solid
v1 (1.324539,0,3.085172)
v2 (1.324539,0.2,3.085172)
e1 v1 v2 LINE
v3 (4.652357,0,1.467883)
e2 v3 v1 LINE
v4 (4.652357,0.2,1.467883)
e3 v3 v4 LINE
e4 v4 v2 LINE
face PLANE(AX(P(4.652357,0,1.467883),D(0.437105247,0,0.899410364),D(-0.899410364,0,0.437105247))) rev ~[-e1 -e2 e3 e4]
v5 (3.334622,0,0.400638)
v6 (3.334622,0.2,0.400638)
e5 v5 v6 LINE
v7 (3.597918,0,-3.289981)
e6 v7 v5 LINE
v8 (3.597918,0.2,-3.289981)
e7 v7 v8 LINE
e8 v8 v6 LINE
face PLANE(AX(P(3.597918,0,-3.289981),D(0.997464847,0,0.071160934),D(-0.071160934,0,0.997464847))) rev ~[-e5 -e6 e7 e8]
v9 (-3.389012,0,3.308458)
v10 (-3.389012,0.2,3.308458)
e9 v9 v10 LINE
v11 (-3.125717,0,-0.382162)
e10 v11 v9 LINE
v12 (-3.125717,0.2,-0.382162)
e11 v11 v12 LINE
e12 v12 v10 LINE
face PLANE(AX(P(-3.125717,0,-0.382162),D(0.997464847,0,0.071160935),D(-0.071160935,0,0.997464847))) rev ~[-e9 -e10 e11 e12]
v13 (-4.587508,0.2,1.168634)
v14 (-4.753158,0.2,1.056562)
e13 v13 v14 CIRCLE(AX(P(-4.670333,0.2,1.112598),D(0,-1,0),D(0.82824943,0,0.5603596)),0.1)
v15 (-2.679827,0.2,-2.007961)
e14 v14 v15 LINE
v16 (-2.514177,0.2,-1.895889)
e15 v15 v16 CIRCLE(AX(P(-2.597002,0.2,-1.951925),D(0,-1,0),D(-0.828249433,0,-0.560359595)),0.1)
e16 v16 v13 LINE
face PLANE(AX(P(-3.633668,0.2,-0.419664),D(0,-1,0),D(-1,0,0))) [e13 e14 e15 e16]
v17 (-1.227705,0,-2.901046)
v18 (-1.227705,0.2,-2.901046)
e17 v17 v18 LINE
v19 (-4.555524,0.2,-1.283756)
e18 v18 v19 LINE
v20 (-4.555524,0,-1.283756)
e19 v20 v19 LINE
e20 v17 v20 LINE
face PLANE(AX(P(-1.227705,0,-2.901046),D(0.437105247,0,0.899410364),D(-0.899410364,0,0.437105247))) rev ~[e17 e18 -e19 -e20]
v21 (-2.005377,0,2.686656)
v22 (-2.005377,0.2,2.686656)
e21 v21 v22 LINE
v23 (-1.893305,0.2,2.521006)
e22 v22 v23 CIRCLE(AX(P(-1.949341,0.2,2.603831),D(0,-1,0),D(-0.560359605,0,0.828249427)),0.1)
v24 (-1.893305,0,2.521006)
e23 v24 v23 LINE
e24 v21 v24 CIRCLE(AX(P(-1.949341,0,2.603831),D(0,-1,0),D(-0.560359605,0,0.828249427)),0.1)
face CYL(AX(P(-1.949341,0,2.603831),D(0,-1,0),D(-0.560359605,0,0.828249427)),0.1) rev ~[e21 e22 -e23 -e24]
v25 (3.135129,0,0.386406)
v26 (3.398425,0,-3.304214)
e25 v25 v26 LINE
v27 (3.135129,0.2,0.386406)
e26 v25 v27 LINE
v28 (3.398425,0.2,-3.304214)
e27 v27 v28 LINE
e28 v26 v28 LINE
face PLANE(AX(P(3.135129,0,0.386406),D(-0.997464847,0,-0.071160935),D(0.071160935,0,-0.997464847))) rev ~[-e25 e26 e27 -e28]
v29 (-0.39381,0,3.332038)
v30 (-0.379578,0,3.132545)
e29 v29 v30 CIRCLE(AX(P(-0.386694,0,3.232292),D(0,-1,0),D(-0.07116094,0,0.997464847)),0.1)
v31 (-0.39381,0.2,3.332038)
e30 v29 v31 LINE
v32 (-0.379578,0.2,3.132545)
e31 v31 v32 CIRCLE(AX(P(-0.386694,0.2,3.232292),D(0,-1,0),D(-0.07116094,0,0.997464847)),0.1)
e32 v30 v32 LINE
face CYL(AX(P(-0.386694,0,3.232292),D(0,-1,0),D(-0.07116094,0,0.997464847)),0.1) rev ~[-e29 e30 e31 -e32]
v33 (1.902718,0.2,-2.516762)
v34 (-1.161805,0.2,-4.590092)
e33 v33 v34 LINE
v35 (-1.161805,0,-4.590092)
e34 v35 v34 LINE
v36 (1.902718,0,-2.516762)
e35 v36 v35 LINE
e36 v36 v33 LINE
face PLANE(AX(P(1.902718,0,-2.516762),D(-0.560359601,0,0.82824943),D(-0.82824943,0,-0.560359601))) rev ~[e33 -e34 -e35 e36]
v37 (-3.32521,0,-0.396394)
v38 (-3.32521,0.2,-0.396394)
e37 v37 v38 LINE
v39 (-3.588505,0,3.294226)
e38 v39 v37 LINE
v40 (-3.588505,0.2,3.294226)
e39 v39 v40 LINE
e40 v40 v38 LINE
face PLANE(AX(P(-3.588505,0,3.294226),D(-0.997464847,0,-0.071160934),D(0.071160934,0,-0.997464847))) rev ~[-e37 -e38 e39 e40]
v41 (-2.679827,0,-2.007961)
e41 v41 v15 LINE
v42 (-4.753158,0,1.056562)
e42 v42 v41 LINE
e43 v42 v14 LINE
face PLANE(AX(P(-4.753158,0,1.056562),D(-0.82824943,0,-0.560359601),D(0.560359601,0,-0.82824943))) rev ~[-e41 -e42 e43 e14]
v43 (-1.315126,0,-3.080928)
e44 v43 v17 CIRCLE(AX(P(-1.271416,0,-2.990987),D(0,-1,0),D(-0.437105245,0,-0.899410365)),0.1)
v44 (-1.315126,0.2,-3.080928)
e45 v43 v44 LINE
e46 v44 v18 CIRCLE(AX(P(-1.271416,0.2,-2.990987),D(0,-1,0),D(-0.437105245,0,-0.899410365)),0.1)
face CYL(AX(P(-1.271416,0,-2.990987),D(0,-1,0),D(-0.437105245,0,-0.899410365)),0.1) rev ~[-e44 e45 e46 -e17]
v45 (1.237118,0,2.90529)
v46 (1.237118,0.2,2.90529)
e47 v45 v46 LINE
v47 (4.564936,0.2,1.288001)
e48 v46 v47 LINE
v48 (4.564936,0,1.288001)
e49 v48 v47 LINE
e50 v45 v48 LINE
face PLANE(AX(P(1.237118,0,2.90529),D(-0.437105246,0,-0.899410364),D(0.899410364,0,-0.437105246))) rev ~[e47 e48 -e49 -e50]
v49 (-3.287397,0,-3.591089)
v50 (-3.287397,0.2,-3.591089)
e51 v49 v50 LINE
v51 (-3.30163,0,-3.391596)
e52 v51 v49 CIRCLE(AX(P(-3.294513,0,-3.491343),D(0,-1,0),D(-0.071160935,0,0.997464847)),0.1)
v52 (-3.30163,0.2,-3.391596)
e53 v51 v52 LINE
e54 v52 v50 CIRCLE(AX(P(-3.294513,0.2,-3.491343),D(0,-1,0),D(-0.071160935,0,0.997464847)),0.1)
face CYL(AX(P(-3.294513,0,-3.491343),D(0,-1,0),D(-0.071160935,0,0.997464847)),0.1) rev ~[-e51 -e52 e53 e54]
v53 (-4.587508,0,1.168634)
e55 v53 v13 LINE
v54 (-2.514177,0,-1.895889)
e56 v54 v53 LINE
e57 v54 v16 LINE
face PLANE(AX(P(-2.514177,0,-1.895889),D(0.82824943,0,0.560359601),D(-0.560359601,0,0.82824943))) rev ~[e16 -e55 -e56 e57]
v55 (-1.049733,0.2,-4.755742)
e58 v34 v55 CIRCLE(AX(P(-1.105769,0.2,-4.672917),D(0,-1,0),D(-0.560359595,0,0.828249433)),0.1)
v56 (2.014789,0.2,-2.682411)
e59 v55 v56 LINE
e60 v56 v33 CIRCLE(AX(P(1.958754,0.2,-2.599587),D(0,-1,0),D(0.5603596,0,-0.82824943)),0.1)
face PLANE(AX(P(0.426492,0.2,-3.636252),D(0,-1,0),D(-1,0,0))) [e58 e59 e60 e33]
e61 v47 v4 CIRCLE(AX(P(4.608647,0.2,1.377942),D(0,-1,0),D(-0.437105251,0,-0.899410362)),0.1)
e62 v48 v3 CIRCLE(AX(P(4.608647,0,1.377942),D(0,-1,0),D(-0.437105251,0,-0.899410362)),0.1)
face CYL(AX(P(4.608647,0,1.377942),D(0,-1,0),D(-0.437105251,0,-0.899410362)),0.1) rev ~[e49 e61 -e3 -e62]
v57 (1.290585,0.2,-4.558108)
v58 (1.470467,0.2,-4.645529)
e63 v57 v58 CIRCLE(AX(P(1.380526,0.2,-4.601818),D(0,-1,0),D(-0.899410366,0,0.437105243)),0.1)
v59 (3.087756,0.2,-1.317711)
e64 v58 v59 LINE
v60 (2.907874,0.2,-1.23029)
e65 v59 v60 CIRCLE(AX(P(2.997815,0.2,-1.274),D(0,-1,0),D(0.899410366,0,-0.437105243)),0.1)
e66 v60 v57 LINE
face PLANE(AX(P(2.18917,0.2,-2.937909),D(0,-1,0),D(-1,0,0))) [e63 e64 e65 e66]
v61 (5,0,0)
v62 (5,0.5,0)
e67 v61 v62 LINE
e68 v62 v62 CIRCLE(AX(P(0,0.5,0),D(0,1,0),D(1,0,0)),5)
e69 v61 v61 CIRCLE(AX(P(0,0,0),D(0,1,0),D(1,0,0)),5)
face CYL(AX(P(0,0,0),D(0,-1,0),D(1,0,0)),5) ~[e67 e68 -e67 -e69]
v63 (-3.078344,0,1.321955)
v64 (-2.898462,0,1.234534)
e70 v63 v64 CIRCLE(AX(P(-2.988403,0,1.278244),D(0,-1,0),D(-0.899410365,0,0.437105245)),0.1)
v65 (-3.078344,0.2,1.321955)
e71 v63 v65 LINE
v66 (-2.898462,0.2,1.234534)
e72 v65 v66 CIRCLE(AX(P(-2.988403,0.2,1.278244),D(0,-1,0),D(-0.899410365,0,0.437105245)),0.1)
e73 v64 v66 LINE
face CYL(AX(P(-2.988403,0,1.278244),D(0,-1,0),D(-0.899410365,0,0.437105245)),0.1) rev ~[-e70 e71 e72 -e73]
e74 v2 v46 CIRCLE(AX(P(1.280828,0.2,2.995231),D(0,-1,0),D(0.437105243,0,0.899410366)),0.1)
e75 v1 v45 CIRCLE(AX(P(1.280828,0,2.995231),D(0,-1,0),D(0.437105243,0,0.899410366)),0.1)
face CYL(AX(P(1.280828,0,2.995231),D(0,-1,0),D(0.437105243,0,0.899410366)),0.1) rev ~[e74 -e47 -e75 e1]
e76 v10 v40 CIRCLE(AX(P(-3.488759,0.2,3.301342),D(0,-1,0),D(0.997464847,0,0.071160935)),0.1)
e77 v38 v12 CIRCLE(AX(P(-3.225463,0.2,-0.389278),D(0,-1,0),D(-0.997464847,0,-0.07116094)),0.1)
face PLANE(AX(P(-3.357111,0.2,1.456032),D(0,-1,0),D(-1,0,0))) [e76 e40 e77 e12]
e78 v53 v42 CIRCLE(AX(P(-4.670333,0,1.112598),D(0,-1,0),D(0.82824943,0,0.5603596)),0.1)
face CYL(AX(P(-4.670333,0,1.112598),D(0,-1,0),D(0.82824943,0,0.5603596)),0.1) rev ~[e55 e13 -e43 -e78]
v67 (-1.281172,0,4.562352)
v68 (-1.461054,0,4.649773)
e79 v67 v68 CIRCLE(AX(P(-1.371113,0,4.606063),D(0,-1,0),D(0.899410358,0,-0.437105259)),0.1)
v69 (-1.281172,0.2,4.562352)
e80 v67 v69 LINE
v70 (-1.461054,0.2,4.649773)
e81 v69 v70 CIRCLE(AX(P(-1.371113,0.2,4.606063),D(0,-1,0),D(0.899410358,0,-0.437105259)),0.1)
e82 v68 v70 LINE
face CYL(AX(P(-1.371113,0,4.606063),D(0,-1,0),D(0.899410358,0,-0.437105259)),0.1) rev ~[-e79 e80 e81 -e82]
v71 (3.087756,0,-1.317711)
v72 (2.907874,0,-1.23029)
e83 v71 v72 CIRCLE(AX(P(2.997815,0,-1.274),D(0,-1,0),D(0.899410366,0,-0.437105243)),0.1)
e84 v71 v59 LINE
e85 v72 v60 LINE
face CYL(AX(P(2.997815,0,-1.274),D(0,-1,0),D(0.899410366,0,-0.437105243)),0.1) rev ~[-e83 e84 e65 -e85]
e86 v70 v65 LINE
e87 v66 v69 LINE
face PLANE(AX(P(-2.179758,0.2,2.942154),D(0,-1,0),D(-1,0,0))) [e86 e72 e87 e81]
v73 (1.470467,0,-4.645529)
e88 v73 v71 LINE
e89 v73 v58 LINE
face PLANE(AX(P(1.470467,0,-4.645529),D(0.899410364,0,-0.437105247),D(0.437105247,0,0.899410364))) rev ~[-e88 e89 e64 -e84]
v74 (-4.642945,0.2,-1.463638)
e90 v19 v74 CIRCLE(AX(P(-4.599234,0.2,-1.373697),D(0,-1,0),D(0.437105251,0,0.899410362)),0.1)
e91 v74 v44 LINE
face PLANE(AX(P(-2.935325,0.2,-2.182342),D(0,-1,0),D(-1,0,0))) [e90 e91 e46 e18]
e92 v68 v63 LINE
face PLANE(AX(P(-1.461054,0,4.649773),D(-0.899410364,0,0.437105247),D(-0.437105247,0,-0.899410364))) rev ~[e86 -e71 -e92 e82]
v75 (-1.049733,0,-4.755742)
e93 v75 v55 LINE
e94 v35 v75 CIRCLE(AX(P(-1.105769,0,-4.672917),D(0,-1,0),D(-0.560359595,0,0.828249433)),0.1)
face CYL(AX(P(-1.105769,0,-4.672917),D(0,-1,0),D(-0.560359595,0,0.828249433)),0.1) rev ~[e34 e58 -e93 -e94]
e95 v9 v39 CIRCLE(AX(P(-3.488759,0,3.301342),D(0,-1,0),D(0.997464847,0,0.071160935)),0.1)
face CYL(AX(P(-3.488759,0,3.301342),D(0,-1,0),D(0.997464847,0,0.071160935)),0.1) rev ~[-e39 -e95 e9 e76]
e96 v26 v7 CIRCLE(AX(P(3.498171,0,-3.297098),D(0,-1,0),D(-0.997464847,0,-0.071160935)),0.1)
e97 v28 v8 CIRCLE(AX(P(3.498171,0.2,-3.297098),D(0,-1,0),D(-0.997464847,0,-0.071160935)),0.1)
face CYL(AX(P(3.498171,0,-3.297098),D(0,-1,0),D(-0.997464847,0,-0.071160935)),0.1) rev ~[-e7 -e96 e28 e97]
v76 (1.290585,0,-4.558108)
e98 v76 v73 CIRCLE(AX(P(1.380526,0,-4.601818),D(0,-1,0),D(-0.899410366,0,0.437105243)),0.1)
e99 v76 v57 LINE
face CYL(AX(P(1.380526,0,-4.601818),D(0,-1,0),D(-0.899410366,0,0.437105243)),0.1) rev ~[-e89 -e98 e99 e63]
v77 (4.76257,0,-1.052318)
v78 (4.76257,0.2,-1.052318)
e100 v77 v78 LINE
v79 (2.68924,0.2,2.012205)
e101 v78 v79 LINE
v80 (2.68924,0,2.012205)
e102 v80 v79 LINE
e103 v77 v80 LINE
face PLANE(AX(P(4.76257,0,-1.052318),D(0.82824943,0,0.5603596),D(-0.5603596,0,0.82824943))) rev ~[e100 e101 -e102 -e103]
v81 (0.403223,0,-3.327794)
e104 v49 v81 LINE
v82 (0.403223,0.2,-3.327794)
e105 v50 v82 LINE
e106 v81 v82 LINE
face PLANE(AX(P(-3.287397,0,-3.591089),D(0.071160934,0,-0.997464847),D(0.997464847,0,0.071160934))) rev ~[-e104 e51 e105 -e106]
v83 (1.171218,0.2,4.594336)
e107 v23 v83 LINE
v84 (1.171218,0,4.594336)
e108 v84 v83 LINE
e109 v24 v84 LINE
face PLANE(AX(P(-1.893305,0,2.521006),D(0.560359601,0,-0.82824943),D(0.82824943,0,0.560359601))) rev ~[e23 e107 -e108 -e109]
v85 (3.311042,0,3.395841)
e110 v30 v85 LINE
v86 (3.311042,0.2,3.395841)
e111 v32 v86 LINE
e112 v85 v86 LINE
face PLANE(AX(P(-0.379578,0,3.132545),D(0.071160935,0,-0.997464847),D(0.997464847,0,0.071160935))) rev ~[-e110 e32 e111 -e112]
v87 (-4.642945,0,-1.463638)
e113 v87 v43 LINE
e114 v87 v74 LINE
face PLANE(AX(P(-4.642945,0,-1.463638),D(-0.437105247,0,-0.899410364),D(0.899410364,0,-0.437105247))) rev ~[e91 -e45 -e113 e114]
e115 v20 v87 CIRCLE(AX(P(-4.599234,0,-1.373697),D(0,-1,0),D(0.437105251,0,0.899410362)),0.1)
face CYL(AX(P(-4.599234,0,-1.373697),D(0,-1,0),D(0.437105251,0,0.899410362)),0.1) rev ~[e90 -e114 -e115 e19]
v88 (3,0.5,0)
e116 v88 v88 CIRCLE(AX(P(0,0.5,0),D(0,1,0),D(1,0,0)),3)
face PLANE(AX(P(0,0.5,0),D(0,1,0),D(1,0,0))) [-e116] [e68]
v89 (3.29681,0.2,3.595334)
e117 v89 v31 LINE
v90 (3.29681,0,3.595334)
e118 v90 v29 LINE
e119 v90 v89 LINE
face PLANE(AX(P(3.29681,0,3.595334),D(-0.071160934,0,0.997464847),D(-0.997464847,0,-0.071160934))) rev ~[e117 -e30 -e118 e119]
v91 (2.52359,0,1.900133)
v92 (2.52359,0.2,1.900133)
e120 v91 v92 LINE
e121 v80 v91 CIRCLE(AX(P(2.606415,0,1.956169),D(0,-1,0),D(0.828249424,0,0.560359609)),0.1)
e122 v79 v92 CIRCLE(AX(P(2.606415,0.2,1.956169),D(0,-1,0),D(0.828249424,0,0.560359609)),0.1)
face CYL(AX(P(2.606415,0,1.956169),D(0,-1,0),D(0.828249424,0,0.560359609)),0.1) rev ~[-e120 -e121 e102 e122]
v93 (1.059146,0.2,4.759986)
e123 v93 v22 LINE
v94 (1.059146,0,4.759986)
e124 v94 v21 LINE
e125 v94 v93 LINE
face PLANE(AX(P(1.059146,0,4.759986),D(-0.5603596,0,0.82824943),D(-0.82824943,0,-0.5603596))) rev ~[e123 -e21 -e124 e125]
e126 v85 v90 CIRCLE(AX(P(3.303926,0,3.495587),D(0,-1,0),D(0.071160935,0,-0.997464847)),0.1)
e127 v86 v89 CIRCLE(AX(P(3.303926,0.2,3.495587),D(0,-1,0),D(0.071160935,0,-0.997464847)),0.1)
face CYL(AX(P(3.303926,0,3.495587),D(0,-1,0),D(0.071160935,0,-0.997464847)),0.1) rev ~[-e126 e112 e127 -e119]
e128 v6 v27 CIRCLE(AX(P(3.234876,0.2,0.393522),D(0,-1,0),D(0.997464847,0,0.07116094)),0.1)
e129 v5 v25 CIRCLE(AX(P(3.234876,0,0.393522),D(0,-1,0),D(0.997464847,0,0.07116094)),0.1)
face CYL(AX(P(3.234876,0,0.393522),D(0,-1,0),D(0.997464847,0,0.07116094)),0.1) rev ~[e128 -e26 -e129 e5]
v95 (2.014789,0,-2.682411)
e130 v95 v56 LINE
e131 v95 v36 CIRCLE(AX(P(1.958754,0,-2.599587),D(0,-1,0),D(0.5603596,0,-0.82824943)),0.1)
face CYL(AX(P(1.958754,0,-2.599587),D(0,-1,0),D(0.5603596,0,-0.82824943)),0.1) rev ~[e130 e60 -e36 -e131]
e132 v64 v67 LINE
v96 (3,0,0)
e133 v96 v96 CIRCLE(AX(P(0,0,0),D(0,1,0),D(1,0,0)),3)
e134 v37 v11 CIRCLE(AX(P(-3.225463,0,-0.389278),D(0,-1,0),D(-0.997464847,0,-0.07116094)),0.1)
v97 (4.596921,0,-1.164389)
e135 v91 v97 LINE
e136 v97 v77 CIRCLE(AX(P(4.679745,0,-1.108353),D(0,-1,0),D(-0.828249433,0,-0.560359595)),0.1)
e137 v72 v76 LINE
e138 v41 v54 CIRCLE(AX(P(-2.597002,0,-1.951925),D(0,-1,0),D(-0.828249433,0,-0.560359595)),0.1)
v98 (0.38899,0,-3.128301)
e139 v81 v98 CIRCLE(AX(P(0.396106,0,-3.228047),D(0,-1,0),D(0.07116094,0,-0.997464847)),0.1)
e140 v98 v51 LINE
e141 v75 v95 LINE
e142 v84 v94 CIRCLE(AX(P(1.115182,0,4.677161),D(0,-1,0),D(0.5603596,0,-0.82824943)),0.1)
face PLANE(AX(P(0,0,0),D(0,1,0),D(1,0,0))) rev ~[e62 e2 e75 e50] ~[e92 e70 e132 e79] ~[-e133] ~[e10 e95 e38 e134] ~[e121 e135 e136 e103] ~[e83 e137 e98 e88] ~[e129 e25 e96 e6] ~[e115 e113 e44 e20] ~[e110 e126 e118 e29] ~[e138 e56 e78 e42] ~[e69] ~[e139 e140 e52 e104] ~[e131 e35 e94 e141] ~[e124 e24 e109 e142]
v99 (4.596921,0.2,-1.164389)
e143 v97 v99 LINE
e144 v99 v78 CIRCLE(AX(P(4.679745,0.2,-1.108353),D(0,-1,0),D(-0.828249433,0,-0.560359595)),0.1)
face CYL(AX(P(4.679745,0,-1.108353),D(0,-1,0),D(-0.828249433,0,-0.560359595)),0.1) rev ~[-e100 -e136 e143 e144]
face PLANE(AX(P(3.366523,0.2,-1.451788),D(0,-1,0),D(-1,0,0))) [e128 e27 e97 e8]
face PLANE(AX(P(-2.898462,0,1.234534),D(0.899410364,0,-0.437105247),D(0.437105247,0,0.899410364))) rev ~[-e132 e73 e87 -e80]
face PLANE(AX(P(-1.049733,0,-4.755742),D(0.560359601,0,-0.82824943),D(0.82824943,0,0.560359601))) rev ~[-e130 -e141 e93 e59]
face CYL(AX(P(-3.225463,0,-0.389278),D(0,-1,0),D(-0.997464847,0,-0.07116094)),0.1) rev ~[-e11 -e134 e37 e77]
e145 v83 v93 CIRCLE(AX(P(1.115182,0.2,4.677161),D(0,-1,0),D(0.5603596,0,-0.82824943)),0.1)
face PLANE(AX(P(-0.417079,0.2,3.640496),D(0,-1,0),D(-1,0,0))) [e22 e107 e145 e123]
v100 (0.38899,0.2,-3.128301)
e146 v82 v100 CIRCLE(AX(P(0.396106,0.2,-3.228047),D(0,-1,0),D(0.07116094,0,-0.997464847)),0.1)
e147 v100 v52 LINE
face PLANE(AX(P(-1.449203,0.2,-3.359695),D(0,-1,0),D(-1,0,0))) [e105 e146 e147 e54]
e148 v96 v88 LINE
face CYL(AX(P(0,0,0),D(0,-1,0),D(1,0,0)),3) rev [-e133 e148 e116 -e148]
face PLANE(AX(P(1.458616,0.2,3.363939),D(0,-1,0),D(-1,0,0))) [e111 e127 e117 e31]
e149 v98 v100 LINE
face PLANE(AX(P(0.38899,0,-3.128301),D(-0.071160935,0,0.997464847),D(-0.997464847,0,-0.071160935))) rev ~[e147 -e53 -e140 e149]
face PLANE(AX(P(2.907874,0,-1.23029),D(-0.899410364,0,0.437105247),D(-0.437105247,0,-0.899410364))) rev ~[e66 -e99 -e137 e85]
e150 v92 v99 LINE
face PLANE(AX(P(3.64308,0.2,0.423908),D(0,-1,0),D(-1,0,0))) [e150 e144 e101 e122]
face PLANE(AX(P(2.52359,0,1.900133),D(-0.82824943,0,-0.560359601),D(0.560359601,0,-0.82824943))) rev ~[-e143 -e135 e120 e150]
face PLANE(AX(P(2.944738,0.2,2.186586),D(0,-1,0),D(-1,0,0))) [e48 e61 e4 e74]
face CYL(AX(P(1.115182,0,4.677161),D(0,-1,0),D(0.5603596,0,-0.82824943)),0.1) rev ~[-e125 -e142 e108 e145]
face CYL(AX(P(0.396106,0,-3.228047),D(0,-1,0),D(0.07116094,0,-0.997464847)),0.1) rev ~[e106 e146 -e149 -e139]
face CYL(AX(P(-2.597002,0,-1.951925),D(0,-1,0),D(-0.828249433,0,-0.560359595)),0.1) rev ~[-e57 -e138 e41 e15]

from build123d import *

# Parameters (mm, degrees)
SKETCH1_R           = 5
SKETCH1_R_2         = 3
BOSS_EXTRUDE2_DEPTH = 0.5
CUT_EXTRUDE5_DEPTH  = 0.2


with BuildPart() as part:
    # Sketch1 → Boss-Extrude2 (new body)
    with BuildSketch(Plane(origin=(0, 0, 0), x_dir=(1, 0, 0), z_dir=(0, 1, 0))):
        Circle(SKETCH1_R)
        Circle(SKETCH1_R_2, mode=Mode.SUBTRACT)
    extrude(amount=BOSS_EXTRUDE2_DEPTH)

    # Sketch4 → Cut-Extrude5 (cut)
    with BuildSketch(Plane(origin=(0, 0, 0), x_dir=(1, 0, 0), z_dir=(0, 1, 0))):
        with BuildLine():
            Line((-1.227705378, 2.901045691), (-4.555523725, 1.283756278))
            ThreePointArc((-4.555523725, 1.283756278), (-4.689175287, 1.32998679), (-4.642944775, 1.463638351))
            Line((-4.642944775, 1.463638351), (-1.315126427, 3.080927764))
            ThreePointArc((-1.315126427, 3.080927764), (-1.181474866, 3.034697252), (-1.227705378, 2.901045691))
        make_face()
        with BuildLine():
            Line((0.388990404, 3.128300785), (-3.301629531, 3.391596243))
            ThreePointArc((-3.301629531, 3.391596243), (-3.394259922, 3.498458821), (-3.287397344, 3.591089212))
            Line((-3.287397344, 3.591089212), (0.403222591, 3.327793755))
            ThreePointArc((0.403222591, 3.327793755), (0.495852982, 3.220931177), (0.388990404, 3.128300785))
        make_face()
        with BuildLine():
            Line((1.902717568, 2.516761579), (-1.161805322, 4.590092101))
            ThreePointArc((-1.161805322, 4.590092101), (-1.188594305, 4.728953005), (-1.049733402, 4.755741987))
            Line((-1.049733402, 4.755741987), (2.014789488, 2.682411465))
            ThreePointArc((2.014789488, 2.682411465), (2.041578471, 2.543550562), (1.902717568, 2.516761579))
        make_face()
        with BuildLine():
            Line((2.907874144, 1.230289509), (1.290584731, 4.558107857))
            ThreePointArc((1.290584731, 4.558107857), (1.336815243, 4.691759418), (1.470466804, 4.645528907))
            Line((1.470466804, 4.645528907), (3.087756217, 1.317710559))
            ThreePointArc((3.087756217, 1.317710559), (3.041525705, 1.184058998), (2.907874144, 1.230289509))
        make_face()
        with BuildLine():
            Line((3.135129238, -0.386406272), (3.398424696, 3.304213663))
            ThreePointArc((3.398424696, 3.304213663), (3.505287274, 3.396844054), (3.597917665, 3.289981476))
            Line((3.597917665, 3.289981476), (3.334622208, -0.400638459))
            ThreePointArc((3.334622208, -0.400638459), (3.22775963, -0.49326885), (3.135129238, -0.386406272))
        make_face()
        with BuildLine():
            Line((2.523590032, -1.900133436), (4.596920554, 1.164389454))
            ThreePointArc((4.596920554, 1.164389454), (4.735781458, 1.191178437), (4.76257044, 1.052317534))
            Line((4.76257044, 1.052317534), (2.689239918, -2.012205357))
            ThreePointArc((2.689239918, -2.012205357), (2.550379015, -2.038994339), (2.523590032, -1.900133436))
        make_face()
        with BuildLine():
            Line((1.237117962, -2.905290012), (4.56493631, -1.2880006))
            ThreePointArc((4.56493631, -1.2880006), (4.698587871, -1.334231111), (4.65235736, -1.467882672))
            Line((4.65235736, -1.467882672), (1.324539012, -3.085172085))
            ThreePointArc((1.324539012, -3.085172085), (1.190887451, -3.038941573), (1.237117962, -2.905290012))
        make_face()
        with BuildLine():
            Line((-0.379577819, -3.132545106), (3.311042116, -3.395840564))
            ThreePointArc((3.311042116, -3.395840564), (3.403672507, -3.502703142), (3.296809929, -3.595333533))
            Line((3.296809929, -3.595333533), (-0.393810006, -3.332038076))
            ThreePointArc((-0.393810006, -3.332038076), (-0.486440397, -3.225175498), (-0.379577819, -3.132545106))
        make_face()
        with BuildLine():
            Line((-1.893304983, -2.521005901), (1.171217907, -4.594336423))
            ThreePointArc((1.171217907, -4.594336423), (1.19800689, -4.733197326), (1.059145987, -4.759986309))
            Line((1.059145987, -4.759986309), (-2.005376904, -2.686655787))
            ThreePointArc((-2.005376904, -2.686655787), (-2.032165886, -2.547794883), (-1.893304983, -2.521005901))
        make_face()
        with BuildLine():
            Line((-2.898461559, -1.234533831), (-1.281172147, -4.562352178))
            ThreePointArc((-1.281172147, -4.562352178), (-1.327402658, -4.69600374), (-1.461054219, -4.649773228))
            Line((-1.461054219, -4.649773228), (-3.078343632, -1.32195488))
            ThreePointArc((-3.078343632, -1.32195488), (-3.03211312, -1.188303319), (-2.898461559, -1.234533831))
        make_face()
        with BuildLine():
            Line((-3.125716653, 0.382161951), (-3.389012111, -3.308457984))
            ThreePointArc((-3.389012111, -3.308457984), (-3.495874689, -3.401088375), (-3.58850508, -3.294225797))
            Line((-3.58850508, -3.294225797), (-3.325209623, 0.396394138))
            ThreePointArc((-3.325209623, 0.396394138), (-3.218347045, 0.489024529), (-3.125716653, 0.382161951))
        make_face()
        with BuildLine():
            Line((-2.514177448, 1.895889115), (-4.58750797, -1.168633775))
            ThreePointArc((-4.58750797, -1.168633775), (-4.726368873, -1.195422758), (-4.753157856, -1.056561855))
            Line((-4.753157856, -1.056561855), (-2.679827334, 2.007961035))
            ThreePointArc((-2.679827334, 2.007961035), (-2.54096643, 2.034750018), (-2.514177448, 1.895889115))
        make_face()
    extrude(amount=CUT_EXTRUDE5_DEPTH, mode=Mode.SUBTRACT)


solid = part.part
